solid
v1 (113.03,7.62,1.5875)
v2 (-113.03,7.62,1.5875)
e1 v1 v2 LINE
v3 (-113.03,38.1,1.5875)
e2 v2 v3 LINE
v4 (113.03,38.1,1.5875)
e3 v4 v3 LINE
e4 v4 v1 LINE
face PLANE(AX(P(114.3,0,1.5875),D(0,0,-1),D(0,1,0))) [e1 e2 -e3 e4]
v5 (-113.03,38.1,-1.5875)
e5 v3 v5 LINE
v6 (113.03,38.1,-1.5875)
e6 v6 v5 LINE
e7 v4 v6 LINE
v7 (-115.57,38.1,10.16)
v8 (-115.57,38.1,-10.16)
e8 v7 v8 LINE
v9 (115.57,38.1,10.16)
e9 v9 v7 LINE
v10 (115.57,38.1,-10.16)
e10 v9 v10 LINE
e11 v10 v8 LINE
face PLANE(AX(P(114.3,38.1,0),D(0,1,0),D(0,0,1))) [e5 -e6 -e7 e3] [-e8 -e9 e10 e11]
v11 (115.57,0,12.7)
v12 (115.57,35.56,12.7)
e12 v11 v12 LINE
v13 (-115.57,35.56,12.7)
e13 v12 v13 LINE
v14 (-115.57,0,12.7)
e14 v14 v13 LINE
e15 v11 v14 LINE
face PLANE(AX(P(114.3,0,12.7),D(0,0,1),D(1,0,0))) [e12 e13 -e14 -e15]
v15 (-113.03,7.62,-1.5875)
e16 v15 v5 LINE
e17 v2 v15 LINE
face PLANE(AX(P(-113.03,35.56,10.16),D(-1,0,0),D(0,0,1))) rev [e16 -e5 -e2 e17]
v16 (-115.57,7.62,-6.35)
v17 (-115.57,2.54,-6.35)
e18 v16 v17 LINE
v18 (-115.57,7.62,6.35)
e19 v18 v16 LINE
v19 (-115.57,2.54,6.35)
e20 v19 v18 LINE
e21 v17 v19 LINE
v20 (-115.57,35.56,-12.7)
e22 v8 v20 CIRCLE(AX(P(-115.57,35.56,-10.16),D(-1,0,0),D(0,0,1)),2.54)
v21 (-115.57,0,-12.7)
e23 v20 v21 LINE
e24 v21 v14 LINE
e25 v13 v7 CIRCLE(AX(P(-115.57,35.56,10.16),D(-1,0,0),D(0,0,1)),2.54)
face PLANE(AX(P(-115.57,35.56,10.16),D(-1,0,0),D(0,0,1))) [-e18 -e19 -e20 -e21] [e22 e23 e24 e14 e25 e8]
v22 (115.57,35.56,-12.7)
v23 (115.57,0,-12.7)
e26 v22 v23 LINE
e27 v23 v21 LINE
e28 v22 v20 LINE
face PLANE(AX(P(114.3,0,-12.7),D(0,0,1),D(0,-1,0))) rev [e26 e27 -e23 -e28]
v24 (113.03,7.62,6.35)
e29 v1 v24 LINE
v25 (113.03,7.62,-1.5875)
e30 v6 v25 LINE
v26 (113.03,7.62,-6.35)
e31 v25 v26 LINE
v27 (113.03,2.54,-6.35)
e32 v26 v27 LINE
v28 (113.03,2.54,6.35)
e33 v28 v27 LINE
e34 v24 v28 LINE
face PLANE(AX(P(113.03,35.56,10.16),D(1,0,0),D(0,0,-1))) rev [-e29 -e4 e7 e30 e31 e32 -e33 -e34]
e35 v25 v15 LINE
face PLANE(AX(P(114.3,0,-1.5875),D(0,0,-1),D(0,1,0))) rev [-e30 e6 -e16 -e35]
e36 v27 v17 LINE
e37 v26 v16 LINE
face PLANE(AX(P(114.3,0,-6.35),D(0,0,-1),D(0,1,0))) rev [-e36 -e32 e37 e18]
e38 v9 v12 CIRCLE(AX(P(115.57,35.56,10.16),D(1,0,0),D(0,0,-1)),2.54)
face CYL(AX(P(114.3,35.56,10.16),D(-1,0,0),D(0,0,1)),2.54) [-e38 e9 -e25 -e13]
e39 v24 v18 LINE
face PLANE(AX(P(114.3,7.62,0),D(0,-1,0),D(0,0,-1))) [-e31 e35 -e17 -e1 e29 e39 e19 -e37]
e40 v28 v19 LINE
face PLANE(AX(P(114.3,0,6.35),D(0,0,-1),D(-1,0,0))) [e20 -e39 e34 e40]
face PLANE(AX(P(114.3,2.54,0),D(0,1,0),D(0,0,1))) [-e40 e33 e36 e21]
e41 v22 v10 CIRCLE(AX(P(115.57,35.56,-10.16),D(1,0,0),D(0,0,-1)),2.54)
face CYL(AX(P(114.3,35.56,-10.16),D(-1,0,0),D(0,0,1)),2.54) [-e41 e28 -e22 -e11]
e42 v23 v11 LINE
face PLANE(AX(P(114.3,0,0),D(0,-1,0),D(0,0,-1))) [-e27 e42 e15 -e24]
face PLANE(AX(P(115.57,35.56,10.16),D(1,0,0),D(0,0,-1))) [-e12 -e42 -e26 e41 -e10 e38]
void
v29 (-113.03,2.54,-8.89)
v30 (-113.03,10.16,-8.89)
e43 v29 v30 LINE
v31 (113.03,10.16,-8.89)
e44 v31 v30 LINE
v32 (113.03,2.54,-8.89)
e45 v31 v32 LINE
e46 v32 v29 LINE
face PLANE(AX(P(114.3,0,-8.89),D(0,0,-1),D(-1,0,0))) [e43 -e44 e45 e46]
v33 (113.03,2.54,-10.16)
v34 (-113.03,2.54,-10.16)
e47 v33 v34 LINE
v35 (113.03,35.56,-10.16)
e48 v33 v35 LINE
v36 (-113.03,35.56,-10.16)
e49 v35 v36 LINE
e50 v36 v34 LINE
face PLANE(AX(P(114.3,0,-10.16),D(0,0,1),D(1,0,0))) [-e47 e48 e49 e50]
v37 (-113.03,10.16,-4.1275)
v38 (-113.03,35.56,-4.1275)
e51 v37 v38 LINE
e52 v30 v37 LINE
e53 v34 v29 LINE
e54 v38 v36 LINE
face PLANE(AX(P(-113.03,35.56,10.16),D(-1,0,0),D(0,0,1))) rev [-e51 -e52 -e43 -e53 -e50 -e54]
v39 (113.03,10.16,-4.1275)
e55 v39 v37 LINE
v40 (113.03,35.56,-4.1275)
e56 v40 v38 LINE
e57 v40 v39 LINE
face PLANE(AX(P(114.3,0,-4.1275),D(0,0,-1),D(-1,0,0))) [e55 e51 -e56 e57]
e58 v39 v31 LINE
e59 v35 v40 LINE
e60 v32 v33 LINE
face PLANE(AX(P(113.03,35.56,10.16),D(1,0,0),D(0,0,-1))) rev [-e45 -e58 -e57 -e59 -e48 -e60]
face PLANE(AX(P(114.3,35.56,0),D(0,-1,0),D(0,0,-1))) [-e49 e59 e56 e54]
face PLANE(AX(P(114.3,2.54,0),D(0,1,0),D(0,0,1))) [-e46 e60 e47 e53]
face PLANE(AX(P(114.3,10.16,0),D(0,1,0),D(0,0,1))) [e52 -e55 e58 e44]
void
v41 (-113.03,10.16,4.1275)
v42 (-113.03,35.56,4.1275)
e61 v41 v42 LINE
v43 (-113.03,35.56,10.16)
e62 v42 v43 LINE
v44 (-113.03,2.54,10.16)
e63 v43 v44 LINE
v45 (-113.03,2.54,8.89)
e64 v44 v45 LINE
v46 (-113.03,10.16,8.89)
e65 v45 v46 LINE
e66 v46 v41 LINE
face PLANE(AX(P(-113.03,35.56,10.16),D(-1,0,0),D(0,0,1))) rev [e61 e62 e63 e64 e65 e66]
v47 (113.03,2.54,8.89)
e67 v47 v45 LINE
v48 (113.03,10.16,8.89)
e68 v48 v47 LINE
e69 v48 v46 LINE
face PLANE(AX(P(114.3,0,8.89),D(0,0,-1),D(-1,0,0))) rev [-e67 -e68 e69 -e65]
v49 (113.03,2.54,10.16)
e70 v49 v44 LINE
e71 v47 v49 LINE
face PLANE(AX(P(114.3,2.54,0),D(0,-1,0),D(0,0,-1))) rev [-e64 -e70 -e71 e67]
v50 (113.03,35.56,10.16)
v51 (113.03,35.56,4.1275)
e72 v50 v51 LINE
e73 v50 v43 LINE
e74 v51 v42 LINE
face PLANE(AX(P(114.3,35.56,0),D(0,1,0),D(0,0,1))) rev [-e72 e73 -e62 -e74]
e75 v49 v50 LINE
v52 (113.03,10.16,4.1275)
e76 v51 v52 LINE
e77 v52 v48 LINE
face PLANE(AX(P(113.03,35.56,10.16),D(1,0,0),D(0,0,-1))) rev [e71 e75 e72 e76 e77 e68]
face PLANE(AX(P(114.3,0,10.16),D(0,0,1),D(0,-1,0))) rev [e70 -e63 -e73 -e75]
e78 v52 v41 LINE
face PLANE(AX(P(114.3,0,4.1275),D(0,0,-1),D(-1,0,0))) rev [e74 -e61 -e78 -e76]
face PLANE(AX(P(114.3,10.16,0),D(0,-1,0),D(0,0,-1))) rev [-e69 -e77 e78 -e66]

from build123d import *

# Parameters (mm, degrees)
BOSS_EXTRUDE1_DEPTH = 114.3
BOSS_EXTRUDE2_START = 114.3
BOSS_EXTRUDE2_DEPTH = 1.27
SKETCH4_W           = 12.7
SKETCH4_H           = 5.08
BOSS_EXTRUDE4_DEPTH = 1.27


with BuildPart() as part:
    # Sketch1 → Boss-Extrude1 (new, symmetric)
    with BuildSketch(Plane(origin=(0, 0, 0), x_dir=(0, 0, -1), z_dir=(1, 0, 0))):
        with BuildLine():
            Line((12.7, 0), (-12.7, 0))
            Line((-12.7, 0), (-12.7, 35.56))
            ThreePointArc((-12.7, 35.56), (-11.956051224, 37.356051224), (-10.16, 38.1))
            Line((-10.16, 38.1), (-1.5875, 38.1))
            Line((-1.5875, 38.1), (-1.5875, 7.62))
            Line((-1.5875, 7.62), (-6.35, 7.62))
            Line((-6.35, 7.62), (-6.35, 2.54))
            Line((-6.35, 2.54), (6.35, 2.54))
            Line((6.35, 2.54), (6.35, 7.62))
            Line((6.35, 7.62), (1.5875, 7.62))
            Line((1.5875, 7.62), (1.5875, 38.1))
            Line((1.5875, 38.1), (10.16, 38.1))
            ThreePointArc((10.16, 38.1), (11.956051224, 37.356051224), (12.7, 35.56))
            Line((12.7, 35.56), (12.7, 0))
        make_face()
        Polygon((10.16, 35.56), (4.1275, 35.56), (4.1275, 10.16), (8.89, 10.16), (8.89, 2.54), (10.16, 2.54), align=None, mode=Mode.SUBTRACT)
        Polygon((-4.1275, 10.16), (-8.89, 10.16), (-8.89, 2.54), (-10.16, 2.54), (-10.16, 35.56), (-4.1275, 35.56), align=None, mode=Mode.SUBTRACT)
    extrude(amount=BOSS_EXTRUDE1_DEPTH, both=True)

    # Sketch2 → Boss-Extrude2 (add, symmetric)
    with BuildSketch(Plane(origin=(0, 0, 0), x_dir=(0, 0, -1), z_dir=(1, 0, 0)).offset(BOSS_EXTRUDE2_START)):
        with BuildLine():
            Line((-12.7, 0), (12.7, 0))
            Line((12.7, 0), (12.7, 35.56))
            ThreePointArc((12.7, 35.56), (11.956051224, 37.356051224), (10.16, 38.1))
            Line((10.16, 38.1), (-10.16, 38.1))
            ThreePointArc((-10.16, 38.1), (-11.956051224, 37.356051224), (-12.7, 35.56))
            Line((-12.7, 35.56), (-12.7, 0))
        make_face()
    extrude(amount=BOSS_EXTRUDE2_DEPTH, both=True)

    # Sketch4 → Boss-Extrude4 (add, symmetric)
    with BuildSketch(Plane.ZY.offset(114.3)):
        with BuildLine():
            Line((-12.7, 0), (12.7, 0))
            Line((12.7, 0), (12.7, 35.56))
            ThreePointArc((12.7, 35.56), (11.956051224, 37.356051224), (10.16, 38.1))
            Line((10.16, 38.1), (-10.16, 38.1))
            ThreePointArc((-10.16, 38.1), (-11.956051224, 37.356051224), (-12.7, 35.56))
            Line((-12.7, 35.56), (-12.7, 0))
        make_face()
        with Locations((0, 5.08)):
            Rectangle(SKETCH4_W, SKETCH4_H, mode=Mode.SUBTRACT)
    extrude(amount=BOSS_EXTRUDE4_DEPTH, both=True)


solid = part.part
